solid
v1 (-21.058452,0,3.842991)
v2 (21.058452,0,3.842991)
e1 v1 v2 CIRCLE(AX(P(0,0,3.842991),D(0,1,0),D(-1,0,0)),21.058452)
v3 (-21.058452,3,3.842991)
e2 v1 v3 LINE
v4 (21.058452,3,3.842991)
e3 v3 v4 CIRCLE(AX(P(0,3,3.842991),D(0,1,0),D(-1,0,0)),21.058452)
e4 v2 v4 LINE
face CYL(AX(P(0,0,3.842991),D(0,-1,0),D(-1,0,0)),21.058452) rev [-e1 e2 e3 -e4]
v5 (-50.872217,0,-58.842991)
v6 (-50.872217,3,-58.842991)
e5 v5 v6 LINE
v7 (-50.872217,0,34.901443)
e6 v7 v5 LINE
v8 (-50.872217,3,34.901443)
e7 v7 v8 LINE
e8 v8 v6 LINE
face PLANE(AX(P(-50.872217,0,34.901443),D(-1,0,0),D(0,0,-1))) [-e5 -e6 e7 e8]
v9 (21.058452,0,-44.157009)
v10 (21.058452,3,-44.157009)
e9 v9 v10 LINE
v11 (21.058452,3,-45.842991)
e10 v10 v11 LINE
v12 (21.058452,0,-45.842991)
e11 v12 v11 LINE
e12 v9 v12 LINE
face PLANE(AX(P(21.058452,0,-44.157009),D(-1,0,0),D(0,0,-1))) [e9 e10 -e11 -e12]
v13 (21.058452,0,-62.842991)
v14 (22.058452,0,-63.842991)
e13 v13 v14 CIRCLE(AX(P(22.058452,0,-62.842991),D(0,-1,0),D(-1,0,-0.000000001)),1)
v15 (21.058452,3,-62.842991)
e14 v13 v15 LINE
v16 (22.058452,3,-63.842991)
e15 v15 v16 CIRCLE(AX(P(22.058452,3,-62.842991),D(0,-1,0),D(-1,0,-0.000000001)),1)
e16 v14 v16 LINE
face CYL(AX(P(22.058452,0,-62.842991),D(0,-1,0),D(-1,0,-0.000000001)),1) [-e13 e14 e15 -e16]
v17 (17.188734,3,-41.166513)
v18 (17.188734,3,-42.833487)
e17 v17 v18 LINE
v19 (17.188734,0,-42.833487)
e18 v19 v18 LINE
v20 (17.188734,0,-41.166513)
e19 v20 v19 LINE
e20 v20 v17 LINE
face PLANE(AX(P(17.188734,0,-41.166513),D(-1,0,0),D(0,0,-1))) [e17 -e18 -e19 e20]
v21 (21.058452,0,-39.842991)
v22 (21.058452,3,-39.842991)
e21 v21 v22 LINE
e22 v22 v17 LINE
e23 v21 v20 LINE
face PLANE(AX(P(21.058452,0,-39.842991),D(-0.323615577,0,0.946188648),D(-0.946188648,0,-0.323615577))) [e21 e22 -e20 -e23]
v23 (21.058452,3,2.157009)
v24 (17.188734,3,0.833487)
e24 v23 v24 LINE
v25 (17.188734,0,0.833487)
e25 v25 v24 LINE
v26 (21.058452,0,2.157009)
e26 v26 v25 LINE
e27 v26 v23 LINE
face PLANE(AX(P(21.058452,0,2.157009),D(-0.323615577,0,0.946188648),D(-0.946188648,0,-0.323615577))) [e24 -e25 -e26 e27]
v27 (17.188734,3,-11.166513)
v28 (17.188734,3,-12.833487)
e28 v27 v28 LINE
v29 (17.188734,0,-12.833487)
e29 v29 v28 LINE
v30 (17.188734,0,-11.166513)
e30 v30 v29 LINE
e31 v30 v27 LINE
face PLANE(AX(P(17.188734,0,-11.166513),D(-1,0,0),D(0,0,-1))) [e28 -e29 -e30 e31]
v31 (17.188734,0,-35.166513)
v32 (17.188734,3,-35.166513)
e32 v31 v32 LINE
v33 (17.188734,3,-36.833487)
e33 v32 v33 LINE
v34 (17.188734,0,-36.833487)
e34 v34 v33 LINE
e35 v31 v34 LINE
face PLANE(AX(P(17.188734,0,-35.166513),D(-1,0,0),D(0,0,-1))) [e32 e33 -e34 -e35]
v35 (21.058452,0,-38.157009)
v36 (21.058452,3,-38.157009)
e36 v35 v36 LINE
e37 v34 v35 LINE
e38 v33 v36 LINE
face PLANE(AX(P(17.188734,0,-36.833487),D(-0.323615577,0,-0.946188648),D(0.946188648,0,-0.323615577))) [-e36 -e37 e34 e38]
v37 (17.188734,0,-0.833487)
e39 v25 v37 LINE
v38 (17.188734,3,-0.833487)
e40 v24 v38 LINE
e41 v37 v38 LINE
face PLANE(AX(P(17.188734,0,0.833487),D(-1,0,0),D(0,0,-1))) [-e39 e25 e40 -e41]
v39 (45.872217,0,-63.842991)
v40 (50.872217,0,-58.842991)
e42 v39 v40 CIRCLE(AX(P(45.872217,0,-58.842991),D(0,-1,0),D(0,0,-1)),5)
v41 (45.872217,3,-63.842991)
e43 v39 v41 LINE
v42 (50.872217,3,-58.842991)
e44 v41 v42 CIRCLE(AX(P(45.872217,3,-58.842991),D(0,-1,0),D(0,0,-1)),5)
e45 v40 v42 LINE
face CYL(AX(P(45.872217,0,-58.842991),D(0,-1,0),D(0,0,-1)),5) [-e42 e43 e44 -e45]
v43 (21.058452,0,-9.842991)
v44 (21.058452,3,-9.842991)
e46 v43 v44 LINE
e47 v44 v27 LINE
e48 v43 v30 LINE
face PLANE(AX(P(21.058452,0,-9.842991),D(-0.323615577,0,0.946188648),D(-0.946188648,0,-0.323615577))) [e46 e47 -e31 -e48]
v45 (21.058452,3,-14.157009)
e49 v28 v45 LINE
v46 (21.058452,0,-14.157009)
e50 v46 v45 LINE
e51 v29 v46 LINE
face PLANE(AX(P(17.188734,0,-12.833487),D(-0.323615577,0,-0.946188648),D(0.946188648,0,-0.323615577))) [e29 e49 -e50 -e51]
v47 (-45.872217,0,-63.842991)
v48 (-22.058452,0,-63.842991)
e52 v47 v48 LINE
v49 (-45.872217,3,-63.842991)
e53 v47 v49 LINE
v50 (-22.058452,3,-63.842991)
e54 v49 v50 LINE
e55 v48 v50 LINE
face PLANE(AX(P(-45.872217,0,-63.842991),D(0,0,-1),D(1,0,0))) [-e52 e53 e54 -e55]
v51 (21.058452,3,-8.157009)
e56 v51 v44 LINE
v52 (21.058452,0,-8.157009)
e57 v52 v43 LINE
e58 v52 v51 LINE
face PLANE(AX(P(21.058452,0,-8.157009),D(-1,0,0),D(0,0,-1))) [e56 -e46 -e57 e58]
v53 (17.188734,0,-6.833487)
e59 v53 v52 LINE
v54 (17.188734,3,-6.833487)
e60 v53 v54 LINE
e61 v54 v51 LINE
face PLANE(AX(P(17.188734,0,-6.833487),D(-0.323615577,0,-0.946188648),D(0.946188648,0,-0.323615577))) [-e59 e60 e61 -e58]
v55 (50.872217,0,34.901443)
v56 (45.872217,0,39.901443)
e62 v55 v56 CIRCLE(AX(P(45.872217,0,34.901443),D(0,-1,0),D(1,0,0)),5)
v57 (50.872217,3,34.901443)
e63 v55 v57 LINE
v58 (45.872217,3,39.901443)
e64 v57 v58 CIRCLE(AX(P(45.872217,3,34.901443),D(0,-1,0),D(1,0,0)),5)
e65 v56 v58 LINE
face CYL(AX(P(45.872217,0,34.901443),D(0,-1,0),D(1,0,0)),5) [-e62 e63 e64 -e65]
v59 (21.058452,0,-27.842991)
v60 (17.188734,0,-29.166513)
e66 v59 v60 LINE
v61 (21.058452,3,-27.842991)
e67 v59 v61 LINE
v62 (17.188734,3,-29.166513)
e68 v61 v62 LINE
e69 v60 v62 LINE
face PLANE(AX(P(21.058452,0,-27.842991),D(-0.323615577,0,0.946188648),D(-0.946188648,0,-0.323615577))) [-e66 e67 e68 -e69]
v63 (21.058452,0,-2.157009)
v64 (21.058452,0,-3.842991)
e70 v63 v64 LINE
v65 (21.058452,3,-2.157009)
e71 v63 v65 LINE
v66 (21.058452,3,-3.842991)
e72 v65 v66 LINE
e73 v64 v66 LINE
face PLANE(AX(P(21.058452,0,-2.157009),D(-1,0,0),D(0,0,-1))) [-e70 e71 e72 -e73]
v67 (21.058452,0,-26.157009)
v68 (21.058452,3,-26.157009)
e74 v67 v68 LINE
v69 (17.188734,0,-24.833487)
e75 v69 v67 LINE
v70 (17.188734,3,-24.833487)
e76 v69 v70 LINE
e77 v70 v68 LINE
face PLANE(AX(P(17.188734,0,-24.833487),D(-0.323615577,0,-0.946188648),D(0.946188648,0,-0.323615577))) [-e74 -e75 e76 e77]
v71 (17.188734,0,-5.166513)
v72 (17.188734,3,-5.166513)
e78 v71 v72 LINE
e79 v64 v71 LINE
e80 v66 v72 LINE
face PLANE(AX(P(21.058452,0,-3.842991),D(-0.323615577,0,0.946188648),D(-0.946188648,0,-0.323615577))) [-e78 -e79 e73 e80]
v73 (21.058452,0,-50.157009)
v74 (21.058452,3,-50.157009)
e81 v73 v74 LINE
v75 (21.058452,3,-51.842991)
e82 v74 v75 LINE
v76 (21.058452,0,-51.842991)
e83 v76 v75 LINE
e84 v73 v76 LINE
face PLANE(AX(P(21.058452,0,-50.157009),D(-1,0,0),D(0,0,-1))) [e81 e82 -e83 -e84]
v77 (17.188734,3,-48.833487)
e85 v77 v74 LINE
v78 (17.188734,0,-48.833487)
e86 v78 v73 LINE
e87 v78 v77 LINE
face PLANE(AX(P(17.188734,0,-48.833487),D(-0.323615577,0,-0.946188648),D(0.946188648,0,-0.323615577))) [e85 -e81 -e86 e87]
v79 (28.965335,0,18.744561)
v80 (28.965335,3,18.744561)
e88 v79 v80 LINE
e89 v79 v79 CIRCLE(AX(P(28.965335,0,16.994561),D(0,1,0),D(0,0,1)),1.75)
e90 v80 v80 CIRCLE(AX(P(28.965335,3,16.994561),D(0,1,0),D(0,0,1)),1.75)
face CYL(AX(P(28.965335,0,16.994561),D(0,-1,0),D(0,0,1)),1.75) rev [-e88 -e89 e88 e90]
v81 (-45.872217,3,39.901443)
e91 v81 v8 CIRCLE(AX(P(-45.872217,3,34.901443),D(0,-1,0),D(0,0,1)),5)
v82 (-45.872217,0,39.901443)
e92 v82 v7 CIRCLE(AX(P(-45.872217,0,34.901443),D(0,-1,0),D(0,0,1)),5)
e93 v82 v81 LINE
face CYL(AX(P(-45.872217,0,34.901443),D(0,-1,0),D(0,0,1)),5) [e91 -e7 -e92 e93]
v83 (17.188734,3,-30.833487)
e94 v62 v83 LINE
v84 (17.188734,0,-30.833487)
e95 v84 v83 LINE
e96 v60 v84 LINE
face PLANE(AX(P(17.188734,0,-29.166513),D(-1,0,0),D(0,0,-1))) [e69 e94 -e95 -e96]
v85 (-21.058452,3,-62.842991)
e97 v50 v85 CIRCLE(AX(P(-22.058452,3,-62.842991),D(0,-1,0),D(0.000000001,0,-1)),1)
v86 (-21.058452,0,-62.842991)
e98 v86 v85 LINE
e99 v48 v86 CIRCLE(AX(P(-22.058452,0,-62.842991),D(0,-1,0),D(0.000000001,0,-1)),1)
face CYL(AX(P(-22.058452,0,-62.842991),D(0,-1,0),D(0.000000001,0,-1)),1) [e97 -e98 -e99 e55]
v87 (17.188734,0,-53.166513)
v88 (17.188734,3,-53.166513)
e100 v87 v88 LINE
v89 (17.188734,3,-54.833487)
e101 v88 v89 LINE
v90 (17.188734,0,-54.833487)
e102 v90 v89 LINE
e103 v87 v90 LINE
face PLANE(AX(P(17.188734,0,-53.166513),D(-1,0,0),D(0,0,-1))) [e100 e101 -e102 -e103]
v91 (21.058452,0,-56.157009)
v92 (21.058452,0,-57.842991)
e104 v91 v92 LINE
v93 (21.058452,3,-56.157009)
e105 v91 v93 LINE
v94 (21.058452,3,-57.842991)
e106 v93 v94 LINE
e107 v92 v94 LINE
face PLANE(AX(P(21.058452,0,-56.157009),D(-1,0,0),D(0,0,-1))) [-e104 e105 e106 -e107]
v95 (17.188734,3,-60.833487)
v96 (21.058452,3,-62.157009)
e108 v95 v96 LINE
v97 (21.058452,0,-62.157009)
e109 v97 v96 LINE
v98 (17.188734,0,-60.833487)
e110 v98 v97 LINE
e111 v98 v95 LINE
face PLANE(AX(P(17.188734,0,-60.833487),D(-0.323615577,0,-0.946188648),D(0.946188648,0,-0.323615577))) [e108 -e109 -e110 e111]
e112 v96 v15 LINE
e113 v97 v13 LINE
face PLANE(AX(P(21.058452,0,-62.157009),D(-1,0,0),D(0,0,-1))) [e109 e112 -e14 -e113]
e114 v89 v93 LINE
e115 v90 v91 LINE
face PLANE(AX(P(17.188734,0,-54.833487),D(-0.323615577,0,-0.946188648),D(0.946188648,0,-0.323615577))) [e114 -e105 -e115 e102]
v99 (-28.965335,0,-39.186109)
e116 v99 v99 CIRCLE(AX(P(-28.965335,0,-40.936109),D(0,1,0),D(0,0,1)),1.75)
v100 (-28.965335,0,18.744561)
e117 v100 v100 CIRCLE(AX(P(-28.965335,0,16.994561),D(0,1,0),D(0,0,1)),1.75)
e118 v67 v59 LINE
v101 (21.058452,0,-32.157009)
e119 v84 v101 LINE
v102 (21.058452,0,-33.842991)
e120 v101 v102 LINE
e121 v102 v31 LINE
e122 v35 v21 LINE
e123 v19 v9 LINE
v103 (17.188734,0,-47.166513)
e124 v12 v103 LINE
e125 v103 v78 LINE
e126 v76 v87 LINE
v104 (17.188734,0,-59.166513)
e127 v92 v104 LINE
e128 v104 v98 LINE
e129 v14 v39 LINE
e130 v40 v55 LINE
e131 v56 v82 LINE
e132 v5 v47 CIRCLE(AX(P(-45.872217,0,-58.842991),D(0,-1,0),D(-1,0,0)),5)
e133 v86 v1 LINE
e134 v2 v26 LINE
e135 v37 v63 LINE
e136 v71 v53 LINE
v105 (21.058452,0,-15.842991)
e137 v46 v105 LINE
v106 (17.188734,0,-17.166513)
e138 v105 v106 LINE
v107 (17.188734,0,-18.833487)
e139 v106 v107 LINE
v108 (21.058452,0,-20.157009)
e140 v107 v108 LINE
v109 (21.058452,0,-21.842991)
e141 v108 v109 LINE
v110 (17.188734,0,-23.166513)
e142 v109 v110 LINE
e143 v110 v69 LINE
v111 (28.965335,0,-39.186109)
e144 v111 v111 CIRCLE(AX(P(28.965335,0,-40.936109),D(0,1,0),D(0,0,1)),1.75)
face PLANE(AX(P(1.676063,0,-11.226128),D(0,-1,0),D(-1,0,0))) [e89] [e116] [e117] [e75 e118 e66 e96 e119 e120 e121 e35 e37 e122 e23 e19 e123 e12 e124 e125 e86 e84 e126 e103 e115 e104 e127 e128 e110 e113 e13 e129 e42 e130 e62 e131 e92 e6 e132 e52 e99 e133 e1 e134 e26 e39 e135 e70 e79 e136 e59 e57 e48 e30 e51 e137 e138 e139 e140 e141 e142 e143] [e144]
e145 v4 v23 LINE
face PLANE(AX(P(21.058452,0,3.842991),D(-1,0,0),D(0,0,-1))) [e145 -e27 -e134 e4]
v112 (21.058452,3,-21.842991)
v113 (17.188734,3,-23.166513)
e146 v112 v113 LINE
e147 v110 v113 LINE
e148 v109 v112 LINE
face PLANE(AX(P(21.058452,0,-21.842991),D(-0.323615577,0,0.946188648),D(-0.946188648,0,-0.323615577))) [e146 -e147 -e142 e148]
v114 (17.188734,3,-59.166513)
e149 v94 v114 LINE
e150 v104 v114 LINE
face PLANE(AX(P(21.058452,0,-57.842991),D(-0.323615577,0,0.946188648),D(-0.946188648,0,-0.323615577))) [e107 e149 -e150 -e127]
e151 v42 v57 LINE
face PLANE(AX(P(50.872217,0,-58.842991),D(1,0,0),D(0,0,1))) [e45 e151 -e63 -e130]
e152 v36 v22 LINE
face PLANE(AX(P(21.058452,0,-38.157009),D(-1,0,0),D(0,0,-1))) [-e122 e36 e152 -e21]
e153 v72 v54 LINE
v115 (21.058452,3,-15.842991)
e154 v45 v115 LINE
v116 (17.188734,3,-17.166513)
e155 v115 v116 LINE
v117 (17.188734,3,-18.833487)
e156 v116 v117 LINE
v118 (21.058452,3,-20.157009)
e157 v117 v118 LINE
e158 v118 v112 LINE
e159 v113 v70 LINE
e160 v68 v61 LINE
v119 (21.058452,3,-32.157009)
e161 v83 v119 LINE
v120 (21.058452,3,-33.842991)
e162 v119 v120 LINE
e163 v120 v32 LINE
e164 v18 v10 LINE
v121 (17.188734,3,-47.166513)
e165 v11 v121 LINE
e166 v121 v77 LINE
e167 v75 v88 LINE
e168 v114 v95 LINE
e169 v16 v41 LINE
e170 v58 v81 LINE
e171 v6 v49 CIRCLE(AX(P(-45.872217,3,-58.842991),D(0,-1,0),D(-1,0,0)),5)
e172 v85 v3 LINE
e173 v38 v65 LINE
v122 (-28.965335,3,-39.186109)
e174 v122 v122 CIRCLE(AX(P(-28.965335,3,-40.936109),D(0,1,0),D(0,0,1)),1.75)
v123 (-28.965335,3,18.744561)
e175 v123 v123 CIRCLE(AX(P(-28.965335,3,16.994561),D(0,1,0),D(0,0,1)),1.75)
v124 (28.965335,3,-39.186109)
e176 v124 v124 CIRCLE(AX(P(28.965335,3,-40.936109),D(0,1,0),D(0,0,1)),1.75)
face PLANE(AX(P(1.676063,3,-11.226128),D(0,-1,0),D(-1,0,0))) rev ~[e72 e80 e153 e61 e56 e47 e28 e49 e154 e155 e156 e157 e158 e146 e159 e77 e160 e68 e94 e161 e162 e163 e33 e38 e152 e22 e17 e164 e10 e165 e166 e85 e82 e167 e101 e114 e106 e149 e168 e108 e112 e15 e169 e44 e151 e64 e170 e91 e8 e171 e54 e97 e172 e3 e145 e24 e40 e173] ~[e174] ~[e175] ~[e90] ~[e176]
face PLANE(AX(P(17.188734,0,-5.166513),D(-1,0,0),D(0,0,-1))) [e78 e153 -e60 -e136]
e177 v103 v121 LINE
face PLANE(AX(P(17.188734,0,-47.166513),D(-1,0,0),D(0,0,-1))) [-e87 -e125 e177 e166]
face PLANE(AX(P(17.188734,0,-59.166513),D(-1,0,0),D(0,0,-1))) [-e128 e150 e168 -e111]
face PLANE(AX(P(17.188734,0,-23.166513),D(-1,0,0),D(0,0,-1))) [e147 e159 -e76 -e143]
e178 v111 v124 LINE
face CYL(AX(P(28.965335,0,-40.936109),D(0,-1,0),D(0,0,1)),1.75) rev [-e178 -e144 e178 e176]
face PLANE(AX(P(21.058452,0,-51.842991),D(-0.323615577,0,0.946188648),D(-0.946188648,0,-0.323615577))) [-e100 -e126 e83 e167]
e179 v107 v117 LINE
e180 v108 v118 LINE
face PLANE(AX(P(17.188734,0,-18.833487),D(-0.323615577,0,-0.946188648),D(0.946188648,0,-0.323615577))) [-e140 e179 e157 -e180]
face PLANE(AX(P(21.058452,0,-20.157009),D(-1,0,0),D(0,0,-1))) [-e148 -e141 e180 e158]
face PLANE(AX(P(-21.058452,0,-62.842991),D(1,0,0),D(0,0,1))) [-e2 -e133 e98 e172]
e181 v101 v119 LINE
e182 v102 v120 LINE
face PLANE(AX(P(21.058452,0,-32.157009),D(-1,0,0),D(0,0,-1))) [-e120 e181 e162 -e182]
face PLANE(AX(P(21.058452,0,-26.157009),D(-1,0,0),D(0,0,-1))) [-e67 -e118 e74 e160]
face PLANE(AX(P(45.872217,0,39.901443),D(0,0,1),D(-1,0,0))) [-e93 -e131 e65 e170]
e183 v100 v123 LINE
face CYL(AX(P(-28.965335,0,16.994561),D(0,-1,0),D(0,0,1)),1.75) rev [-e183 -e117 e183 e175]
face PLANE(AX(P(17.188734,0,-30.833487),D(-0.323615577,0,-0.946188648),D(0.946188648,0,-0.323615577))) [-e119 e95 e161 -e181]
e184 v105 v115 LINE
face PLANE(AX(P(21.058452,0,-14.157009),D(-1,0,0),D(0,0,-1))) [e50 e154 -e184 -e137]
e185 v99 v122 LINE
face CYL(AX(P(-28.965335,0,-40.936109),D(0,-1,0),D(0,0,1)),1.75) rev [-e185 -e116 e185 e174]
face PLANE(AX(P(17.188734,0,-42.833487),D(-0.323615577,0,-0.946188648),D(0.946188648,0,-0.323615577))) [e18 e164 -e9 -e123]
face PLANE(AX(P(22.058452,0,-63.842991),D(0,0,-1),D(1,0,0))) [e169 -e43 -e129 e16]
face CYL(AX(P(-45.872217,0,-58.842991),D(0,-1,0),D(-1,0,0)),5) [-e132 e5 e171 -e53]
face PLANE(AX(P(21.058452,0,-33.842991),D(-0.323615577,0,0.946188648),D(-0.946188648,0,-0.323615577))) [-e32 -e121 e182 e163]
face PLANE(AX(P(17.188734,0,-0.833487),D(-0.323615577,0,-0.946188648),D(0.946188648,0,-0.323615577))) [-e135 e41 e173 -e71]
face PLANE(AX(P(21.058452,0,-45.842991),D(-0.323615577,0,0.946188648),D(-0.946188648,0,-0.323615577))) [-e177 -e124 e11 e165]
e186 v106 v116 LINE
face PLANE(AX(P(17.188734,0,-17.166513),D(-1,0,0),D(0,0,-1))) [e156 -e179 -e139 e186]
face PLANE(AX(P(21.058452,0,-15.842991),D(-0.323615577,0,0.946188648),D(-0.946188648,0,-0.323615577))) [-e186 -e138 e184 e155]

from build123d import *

# Parameters (mm, degrees)
SKETCH1_R           = 1.75
BOSS_EXTRUDE1_DEPTH = 3


with BuildPart() as part:
    # Sketch1 → Boss-Extrude1 (new body)
    with BuildSketch(Plane(origin=(0, 0, 0), x_dir=(1, 0, 0), z_dir=(0, 1, 0))):
        with BuildLine():
            Line((21.058452488, 3.842990858), (17.188733854, 5.16651258))
            Line((17.188733854, 5.16651258), (17.188733854, 6.83348742))
            Line((17.188733854, 6.83348742), (21.058452488, 8.157009142))
            Line((21.058452488, 8.157009142), (21.058452488, 9.842990858))
            Line((21.058452488, 9.842990858), (17.188733854, 11.16651258))
            Line((17.188733854, 11.16651258), (17.188733854, 12.83348742))
            Line((17.188733854, 12.83348742), (21.058452488, 14.157009142))
            Line((21.058452488, 14.157009142), (21.058452488, 15.842990858))
            Line((21.058452488, 15.842990858), (17.188733854, 17.16651258))
            Line((17.188733854, 17.16651258), (17.188733854, 18.83348742))
            Line((17.188733854, 18.83348742), (21.058452488, 20.157009142))
            Line((21.058452488, 20.157009142), (21.058452488, 21.842990858))
            Line((21.058452488, 21.842990858), (17.188733854, 23.16651258))
            Line((17.188733854, 23.16651258), (17.188733854, 24.83348742))
            Line((17.188733854, 24.83348742), (21.058452488, 26.157009142))
            Line((21.058452488, 26.157009142), (21.058452488, 27.842990858))
            Line((21.058452488, 27.842990858), (17.188733854, 29.16651258))
            Line((17.188733854, 29.16651258), (17.188733854, 30.83348742))
            Line((17.188733854, 30.83348742), (21.058452488, 32.157009142))
            Line((21.058452488, 32.157009142), (21.058452488, 33.842990858))
            Line((21.058452488, 33.842990858), (17.188733854, 35.16651258))
            Line((17.188733854, 35.16651258), (17.188733854, 36.83348742))
            Line((17.188733854, 36.83348742), (21.058452488, 38.157009142))
            Line((21.058452488, 38.157009142), (21.058452488, 39.842990858))
            Line((21.058452488, 39.842990858), (17.188733854, 41.16651258))
            Line((17.188733854, 41.16651258), (17.188733854, 42.83348742))
            Line((17.188733854, 42.83348742), (21.058452488, 44.157009142))
            Line((21.058452488, 44.157009142), (21.058452488, 45.842990858))
            Line((21.058452488, 45.842990858), (17.188733854, 47.16651258))
            Line((17.188733854, 47.16651258), (17.188733854, 48.83348742))
            Line((17.188733854, 48.83348742), (21.058452488, 50.157009142))
            Line((21.058452488, 50.157009142), (21.058452488, 51.842990858))
            Line((21.058452488, 51.842990858), (17.188733854, 53.16651258))
            Line((17.188733854, 53.16651258), (17.188733854, 54.83348742))
            Line((17.188733854, 54.83348742), (21.058452488, 56.157009142))
            Line((21.058452488, 56.157009142), (21.058452488, 57.842990858))
            Line((21.058452488, 57.842990858), (17.188733854, 59.16651258))
            Line((17.188733854, 59.16651258), (17.188733854, 60.83348742))
            Line((17.188733854, 60.83348742), (21.058452488, 62.157009142))
            Line((21.058452488, 62.157009142), (21.058452488, 62.842990858))
            ThreePointArc((21.058452488, 62.842990858), (21.351345707, 63.550097639), (22.058452488, 63.842990858))
            Line((22.058452488, 63.842990858), (45.872217102, 63.842990858))
            ThreePointArc((45.872217102, 63.842990858), (49.407751008, 62.378524764), (50.872217102, 58.842990858))
            Line((50.872217102, 58.842990858), (50.872217102, -34.901443346))
            ThreePointArc((50.872217102, -34.901443346), (49.407751008, -38.436977252), (45.872217102, -39.901443346))
            Line((45.872217102, -39.901443346), (-45.872217102, -39.901443346))
            ThreePointArc((-45.872217102, -39.901443346), (-49.407751008, -38.436977252), (-50.872217102, -34.901443346))
            Line((-50.872217102, -34.901443346), (-50.872217102, 58.842990858))
            ThreePointArc((-50.872217102, 58.842990858), (-49.407751008, 62.378524764), (-45.872217102, 63.842990858))
            Line((-45.872217102, 63.842990858), (-22.058452488, 63.842990858))
            ThreePointArc((-22.058452488, 63.842990858), (-21.351345707, 63.550097639), (-21.058452488, 62.842990858))
            Line((-21.058452488, 62.842990858), (-21.058452488, -3.842990858))
            ThreePointArc((-21.058452488, -3.842990858), (0, -24.901443346), (21.058452488, -3.842990858))
            Line((21.058452488, -3.842990858), (21.058452488, -2.157009142))
            Line((21.058452488, -2.157009142), (17.188733854, -0.83348742))
            Line((17.188733854, -0.83348742), (17.188733854, 0.83348742))
            Line((17.188733854, 0.83348742), (21.058452488, 2.157009142))
            Line((21.058452488, 2.157009142), (21.058452488, 3.842990858))
        make_face()
        with Locations(Location((28.965334795, -16.994561039, 0), (0, 0, 270))):
            Circle(SKETCH1_R, mode=Mode.SUBTRACT)
        with Locations(Location((-28.965334795, -16.994561039, 0), (0, 0, 270))):
            Circle(SKETCH1_R, mode=Mode.SUBTRACT)
        with Locations(Location((-28.965334795, 40.936108551, 0), (0, 0, 270))):
            Circle(SKETCH1_R, mode=Mode.SUBTRACT)
        with Locations(Location((28.965334795, 40.936108551, 0), (0, 0, 270))):
            Circle(SKETCH1_R, mode=Mode.SUBTRACT)
    extrude(amount=BOSS_EXTRUDE1_DEPTH)


solid = part.part
